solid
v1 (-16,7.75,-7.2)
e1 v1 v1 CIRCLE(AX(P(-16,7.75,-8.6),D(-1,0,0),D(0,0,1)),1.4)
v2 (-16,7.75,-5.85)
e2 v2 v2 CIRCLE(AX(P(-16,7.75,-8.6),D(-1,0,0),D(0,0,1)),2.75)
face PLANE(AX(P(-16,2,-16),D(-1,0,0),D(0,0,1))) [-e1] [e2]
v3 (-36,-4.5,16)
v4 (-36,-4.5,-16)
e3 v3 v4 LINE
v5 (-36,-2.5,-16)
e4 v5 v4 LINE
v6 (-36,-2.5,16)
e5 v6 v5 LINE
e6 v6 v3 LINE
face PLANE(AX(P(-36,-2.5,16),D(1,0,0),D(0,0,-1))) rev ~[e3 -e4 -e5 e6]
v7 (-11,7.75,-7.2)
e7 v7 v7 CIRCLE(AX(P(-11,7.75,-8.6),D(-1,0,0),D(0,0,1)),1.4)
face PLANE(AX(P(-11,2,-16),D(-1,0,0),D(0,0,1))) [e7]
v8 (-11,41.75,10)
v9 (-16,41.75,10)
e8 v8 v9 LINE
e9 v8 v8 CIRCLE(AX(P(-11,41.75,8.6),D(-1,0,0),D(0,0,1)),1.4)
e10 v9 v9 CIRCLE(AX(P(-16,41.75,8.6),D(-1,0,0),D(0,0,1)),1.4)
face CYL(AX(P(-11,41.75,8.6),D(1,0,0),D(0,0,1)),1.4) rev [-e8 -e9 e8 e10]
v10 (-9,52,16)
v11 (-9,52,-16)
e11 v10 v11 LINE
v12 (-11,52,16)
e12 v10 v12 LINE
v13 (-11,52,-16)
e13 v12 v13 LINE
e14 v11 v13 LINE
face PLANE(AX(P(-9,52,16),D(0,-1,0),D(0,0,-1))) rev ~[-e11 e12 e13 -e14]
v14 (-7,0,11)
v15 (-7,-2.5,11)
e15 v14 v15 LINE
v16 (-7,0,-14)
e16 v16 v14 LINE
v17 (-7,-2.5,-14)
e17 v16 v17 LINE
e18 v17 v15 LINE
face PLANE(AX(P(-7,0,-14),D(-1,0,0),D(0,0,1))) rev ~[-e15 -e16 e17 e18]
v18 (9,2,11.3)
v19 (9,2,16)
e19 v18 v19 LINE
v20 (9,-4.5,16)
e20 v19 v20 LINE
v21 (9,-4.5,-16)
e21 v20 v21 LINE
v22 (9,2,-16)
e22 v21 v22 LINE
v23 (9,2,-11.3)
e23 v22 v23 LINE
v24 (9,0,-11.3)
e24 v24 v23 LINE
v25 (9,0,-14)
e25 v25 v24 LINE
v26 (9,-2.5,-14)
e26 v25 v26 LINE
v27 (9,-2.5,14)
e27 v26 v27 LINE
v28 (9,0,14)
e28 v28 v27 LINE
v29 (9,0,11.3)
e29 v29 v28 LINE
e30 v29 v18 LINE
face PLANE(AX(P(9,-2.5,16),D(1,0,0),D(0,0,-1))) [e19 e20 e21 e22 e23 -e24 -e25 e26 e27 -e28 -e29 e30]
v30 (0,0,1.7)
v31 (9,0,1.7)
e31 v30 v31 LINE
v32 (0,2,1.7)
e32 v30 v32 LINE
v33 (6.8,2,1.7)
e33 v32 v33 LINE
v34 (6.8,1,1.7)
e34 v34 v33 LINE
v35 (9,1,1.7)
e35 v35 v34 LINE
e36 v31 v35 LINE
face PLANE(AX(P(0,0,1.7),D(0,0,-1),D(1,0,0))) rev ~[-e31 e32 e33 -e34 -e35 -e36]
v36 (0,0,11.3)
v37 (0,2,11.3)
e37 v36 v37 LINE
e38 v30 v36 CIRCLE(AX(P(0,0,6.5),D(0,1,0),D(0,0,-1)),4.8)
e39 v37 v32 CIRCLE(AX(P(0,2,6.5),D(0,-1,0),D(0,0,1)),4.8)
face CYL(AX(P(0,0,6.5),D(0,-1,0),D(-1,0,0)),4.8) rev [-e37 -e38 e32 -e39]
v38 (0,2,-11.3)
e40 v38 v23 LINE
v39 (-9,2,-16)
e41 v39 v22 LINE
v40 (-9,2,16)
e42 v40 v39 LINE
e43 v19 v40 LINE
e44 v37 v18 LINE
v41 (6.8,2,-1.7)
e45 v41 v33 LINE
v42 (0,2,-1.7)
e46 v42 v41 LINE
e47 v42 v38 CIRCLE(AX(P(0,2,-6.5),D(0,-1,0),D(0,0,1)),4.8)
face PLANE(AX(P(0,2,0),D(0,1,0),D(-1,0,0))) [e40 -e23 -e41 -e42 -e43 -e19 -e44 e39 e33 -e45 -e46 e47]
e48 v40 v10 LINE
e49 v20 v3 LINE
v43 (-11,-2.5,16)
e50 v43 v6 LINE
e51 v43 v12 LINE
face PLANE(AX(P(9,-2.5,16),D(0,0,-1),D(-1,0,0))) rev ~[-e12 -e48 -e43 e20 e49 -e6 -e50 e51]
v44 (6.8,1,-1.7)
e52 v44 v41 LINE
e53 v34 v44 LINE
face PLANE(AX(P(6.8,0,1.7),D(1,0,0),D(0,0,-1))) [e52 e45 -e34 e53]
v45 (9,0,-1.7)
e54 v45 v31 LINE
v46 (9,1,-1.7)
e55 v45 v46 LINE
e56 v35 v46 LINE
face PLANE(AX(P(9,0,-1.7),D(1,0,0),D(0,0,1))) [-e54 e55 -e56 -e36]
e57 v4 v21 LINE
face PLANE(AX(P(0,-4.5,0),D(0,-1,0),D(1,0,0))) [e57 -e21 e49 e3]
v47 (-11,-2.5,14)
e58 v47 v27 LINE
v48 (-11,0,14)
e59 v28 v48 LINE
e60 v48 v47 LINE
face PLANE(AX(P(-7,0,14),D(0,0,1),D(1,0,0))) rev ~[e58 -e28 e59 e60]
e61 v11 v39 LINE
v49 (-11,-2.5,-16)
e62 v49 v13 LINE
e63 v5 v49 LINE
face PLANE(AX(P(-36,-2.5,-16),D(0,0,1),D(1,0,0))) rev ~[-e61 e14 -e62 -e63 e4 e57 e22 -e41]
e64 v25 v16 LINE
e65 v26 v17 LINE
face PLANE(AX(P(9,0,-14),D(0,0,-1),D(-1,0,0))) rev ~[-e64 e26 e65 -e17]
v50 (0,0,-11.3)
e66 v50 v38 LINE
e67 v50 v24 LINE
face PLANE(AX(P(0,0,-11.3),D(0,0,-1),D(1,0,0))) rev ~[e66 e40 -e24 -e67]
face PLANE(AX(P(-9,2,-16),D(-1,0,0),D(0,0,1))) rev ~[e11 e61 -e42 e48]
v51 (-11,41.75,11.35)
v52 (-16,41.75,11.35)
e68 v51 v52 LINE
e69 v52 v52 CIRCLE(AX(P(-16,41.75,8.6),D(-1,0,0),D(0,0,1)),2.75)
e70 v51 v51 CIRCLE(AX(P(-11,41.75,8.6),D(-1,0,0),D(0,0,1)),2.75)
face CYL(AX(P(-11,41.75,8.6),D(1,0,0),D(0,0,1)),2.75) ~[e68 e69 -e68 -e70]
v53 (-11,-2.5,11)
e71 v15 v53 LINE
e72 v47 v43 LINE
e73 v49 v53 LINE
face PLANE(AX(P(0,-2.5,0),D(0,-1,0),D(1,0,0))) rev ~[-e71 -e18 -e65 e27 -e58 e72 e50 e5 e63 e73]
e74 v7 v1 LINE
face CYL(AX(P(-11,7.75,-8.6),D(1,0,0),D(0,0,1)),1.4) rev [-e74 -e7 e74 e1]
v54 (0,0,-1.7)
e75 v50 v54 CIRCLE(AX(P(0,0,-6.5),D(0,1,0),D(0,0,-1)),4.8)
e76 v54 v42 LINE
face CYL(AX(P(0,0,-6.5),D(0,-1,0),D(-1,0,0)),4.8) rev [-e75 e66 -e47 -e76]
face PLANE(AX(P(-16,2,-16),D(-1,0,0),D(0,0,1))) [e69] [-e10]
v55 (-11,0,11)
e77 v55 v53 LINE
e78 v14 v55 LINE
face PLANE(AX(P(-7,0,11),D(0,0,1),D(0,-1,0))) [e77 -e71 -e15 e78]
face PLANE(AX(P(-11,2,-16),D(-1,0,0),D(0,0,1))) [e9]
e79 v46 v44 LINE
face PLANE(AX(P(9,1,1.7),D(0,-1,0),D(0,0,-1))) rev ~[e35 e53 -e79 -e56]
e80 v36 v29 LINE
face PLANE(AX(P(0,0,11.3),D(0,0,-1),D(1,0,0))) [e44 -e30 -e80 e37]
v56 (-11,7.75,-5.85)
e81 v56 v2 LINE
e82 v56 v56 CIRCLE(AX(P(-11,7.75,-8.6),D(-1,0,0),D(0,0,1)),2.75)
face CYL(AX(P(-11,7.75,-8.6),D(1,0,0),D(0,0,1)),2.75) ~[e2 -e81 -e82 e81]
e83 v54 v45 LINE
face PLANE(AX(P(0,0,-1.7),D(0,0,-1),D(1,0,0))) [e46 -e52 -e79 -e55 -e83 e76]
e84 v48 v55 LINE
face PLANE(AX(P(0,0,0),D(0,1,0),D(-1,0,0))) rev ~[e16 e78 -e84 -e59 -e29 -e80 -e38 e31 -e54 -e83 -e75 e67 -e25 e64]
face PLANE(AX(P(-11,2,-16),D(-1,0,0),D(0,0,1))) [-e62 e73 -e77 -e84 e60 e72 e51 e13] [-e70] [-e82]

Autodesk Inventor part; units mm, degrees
ref_plane "YZ Plane" through (0, 0, 0) normal (1, 0, 0) x (0, 1, 0)
ref_plane "XZ Plane" through (0, 0, 0) normal (0, 1, 0) x (-1, 0, 0)
ref_plane "XY Plane" through (0, 0, 0) normal (0, 0, 1) x (1, 0, 0)
sketch "Sketch1" plane through (0, 0, 0) normal (0, 1, 0) x (-1, 0, 0)
  line L0 (9, -16) -> (-9, -16)
  line L1 (-9, -16) -> (-9, 16)
  line L2 (-9, 16) -> (9, 16)
  line L3 (9, 16) -> (9, -16)
  line L4 (9, -16) -> (-9, 16) construction
  line L5 (-9, -16) -> (9, 16) construction
  circle A0 centre (0, 6.5) radius 4.8
  line L6 (0, 6.5) -> (0, -6.5)
  circle A1 centre (0, -6.5) radius 4.8
  line L7 (0, 11.3) -> (-9, 11.3)
  line L8 (0, 1.7) -> (-9, 1.7)
  line L9 (0, -1.7) -> (-9, -1.7)
  line L10 (0, -11.3) -> (-9, -11.3)
  point P0 (0, 0)
  point P1 (0, 0)
  dimension "d0" = 18
  dimension "d1" = 32
  dimension "d2" = 9.6
  dimension "d3" = 13
  dimension "d4" = 9.6
extrude "Extrusion1" add sketch "Sketch1" along normal blind 2 contours L0 L1 L10 A1 L6 A0 L7 L2 L3 | L1 L8 L6 L9
sketch "Sketch2" plane through (0, 0, 0) normal (0, -1, 0) x (1, 0, 0)
  line L0 (-9, 16) -> (9, 16) projected
  line L1 (9, 16) -> (-9, 16)
  line L2 (-9, -16) -> (-9, 16) projected
  line L3 (-9, 16) -> (-9, -16)
  line L4 (9, -16) -> (-9, -16) projected
  line L5 (-9, -16) -> (9, -16)
  line L6 (9, -16) -> (9, -14)
  line L7 (9, -11.3) -> (9, -16) projected
  line L8 (9, -14) -> (-7, -14)
  line L9 (-7, -14) -> (-7, 14)
  line L10 (-7, 14) -> (9, 14)
  line L11 (9, 16) -> (9, 11.3) projected
  point P0 (0, 0)
  dimension "d7" = 2
  dimension "d8" = 16
  dimension "d9" = 28
extrude "Extrusion2" add sketch "Sketch2" along normal blind 2.5
sketch "Sketch3" plane through (-9, 2, -16) normal (-1, 0, 0) x (0, 0, 1)
  line L0 (0, 0) -> (0, -4.5) projected
  line L1 (0, -4.5) -> (32, -4.5)
  line L2 (32, -4.5) -> (32, 50)
  line L3 (32, 50) -> (0, 50)
  line L4 (0, 50) -> (0, -4.5)
  point P0 (16, -2)
  dimension "d12" = 54.5
extrude "Extrusion3" add sketch "Sketch3" along normal blind 2
sketch "Sketch4" plane through (0, -2.5, 0) normal (0, -1, 0) x (1, 0, 0)
  line L0 (9, 16) -> (9, 11.3) projected
  line L1 (9, 16) -> (-36, 16)
  line L2 (-36, 16) -> (-36, -16)
  line L3 (-36, -16) -> (9, -16)
  line L4 (9, -16) -> (9, 16)
  point P0 (0, 0)
  dimension "d15" = 45
extrude "Extrusion4" add sketch "Sketch4" along normal blind 2
sketch "Sketch5" plane through (-7, 0, 14) normal (1, 0, 0) x (0, 0, -1)
  line L0 (0, 0) -> (0, -2.5) projected
  line L1 (30, -2.5) -> (-2, -2.5) projected
  line L2 (0, 0) -> (3, 0)
  line L3 (3, 0) -> (3, -2.5)
  line L4 (3, -2.5) -> (0, -2.5)
  line L5 (0, -2.5) -> (0, 0)
  point P0 (14, 0)
  dimension "d18" = 3
extrude "Extrusion5" cut sketch "Sketch5" against normal up to surface (4 mm away)
sketch "Sketch6" plane through (9, 0, 1.7) normal (1, 0, 0) x (0, 0, -1)
  line L0 (0, 0) -> (0, 2) projected
  line L1 (3.4, 0) -> (3.4, 2) projected
  line L2 (0, 1) -> (3.4, 1)
  line L3 (3.4, 1) -> (3.4, 2)
  line L4 (3.4, 2) -> (0, 2)
  line L5 (0, 2) -> (0, 1)
  point P0 (1.7, 0)
extrude "Extrusion6" cut sketch "Sketch6" against normal blind 2.2
sketch "Sketch8" plane through (-11, 2, -16) normal (-1, 0, 0) x (0, 0, 1)
  circle A0 centre (24.6, 39.75) radius 2.75
  circle A1 centre (24.6, 39.75) radius 1.4
  line L0 (4, 47.25) -> (28, 47.25) construction
  line L1 (28, 47.25) -> (28, -1.75) construction
  line L2 (28, -1.75) -> (4, -1.75) construction
  line L3 (4, -1.75) -> (4, 47.25) construction
  circle A2 centre (7.4, 5.75) radius 2.75
  circle A3 centre (7.4, 5.75) radius 1.4
  line L4 (4, 47.25) -> (28, -1.75) construction
  line L5 (32, -4.5) -> (32, -6.5) construction
  line L6 (32, 50) -> (0, 50) construction
  line L7 (0, -4.5) -> (32, 50) construction
  point P0 (16, -2)
  point P1 (16, 22.75)
  point P2 (16, 22.75)
  dimension "d24" = 5.5
  dimension "d25" = 2.8
  dimension "d26" = 24
  dimension "d27" = 49
  dimension "d28" = 3.4
  dimension "d29" = 7.5
  dimension "d30" = 5.5
  dimension "d31" = 2.8
  dimension "d32" = 3.4
  dimension "d33" = 7.5
extrude "Extrusion7" add sketch "Sketch8" along normal blind 5
properties part number "prototype7_1"
